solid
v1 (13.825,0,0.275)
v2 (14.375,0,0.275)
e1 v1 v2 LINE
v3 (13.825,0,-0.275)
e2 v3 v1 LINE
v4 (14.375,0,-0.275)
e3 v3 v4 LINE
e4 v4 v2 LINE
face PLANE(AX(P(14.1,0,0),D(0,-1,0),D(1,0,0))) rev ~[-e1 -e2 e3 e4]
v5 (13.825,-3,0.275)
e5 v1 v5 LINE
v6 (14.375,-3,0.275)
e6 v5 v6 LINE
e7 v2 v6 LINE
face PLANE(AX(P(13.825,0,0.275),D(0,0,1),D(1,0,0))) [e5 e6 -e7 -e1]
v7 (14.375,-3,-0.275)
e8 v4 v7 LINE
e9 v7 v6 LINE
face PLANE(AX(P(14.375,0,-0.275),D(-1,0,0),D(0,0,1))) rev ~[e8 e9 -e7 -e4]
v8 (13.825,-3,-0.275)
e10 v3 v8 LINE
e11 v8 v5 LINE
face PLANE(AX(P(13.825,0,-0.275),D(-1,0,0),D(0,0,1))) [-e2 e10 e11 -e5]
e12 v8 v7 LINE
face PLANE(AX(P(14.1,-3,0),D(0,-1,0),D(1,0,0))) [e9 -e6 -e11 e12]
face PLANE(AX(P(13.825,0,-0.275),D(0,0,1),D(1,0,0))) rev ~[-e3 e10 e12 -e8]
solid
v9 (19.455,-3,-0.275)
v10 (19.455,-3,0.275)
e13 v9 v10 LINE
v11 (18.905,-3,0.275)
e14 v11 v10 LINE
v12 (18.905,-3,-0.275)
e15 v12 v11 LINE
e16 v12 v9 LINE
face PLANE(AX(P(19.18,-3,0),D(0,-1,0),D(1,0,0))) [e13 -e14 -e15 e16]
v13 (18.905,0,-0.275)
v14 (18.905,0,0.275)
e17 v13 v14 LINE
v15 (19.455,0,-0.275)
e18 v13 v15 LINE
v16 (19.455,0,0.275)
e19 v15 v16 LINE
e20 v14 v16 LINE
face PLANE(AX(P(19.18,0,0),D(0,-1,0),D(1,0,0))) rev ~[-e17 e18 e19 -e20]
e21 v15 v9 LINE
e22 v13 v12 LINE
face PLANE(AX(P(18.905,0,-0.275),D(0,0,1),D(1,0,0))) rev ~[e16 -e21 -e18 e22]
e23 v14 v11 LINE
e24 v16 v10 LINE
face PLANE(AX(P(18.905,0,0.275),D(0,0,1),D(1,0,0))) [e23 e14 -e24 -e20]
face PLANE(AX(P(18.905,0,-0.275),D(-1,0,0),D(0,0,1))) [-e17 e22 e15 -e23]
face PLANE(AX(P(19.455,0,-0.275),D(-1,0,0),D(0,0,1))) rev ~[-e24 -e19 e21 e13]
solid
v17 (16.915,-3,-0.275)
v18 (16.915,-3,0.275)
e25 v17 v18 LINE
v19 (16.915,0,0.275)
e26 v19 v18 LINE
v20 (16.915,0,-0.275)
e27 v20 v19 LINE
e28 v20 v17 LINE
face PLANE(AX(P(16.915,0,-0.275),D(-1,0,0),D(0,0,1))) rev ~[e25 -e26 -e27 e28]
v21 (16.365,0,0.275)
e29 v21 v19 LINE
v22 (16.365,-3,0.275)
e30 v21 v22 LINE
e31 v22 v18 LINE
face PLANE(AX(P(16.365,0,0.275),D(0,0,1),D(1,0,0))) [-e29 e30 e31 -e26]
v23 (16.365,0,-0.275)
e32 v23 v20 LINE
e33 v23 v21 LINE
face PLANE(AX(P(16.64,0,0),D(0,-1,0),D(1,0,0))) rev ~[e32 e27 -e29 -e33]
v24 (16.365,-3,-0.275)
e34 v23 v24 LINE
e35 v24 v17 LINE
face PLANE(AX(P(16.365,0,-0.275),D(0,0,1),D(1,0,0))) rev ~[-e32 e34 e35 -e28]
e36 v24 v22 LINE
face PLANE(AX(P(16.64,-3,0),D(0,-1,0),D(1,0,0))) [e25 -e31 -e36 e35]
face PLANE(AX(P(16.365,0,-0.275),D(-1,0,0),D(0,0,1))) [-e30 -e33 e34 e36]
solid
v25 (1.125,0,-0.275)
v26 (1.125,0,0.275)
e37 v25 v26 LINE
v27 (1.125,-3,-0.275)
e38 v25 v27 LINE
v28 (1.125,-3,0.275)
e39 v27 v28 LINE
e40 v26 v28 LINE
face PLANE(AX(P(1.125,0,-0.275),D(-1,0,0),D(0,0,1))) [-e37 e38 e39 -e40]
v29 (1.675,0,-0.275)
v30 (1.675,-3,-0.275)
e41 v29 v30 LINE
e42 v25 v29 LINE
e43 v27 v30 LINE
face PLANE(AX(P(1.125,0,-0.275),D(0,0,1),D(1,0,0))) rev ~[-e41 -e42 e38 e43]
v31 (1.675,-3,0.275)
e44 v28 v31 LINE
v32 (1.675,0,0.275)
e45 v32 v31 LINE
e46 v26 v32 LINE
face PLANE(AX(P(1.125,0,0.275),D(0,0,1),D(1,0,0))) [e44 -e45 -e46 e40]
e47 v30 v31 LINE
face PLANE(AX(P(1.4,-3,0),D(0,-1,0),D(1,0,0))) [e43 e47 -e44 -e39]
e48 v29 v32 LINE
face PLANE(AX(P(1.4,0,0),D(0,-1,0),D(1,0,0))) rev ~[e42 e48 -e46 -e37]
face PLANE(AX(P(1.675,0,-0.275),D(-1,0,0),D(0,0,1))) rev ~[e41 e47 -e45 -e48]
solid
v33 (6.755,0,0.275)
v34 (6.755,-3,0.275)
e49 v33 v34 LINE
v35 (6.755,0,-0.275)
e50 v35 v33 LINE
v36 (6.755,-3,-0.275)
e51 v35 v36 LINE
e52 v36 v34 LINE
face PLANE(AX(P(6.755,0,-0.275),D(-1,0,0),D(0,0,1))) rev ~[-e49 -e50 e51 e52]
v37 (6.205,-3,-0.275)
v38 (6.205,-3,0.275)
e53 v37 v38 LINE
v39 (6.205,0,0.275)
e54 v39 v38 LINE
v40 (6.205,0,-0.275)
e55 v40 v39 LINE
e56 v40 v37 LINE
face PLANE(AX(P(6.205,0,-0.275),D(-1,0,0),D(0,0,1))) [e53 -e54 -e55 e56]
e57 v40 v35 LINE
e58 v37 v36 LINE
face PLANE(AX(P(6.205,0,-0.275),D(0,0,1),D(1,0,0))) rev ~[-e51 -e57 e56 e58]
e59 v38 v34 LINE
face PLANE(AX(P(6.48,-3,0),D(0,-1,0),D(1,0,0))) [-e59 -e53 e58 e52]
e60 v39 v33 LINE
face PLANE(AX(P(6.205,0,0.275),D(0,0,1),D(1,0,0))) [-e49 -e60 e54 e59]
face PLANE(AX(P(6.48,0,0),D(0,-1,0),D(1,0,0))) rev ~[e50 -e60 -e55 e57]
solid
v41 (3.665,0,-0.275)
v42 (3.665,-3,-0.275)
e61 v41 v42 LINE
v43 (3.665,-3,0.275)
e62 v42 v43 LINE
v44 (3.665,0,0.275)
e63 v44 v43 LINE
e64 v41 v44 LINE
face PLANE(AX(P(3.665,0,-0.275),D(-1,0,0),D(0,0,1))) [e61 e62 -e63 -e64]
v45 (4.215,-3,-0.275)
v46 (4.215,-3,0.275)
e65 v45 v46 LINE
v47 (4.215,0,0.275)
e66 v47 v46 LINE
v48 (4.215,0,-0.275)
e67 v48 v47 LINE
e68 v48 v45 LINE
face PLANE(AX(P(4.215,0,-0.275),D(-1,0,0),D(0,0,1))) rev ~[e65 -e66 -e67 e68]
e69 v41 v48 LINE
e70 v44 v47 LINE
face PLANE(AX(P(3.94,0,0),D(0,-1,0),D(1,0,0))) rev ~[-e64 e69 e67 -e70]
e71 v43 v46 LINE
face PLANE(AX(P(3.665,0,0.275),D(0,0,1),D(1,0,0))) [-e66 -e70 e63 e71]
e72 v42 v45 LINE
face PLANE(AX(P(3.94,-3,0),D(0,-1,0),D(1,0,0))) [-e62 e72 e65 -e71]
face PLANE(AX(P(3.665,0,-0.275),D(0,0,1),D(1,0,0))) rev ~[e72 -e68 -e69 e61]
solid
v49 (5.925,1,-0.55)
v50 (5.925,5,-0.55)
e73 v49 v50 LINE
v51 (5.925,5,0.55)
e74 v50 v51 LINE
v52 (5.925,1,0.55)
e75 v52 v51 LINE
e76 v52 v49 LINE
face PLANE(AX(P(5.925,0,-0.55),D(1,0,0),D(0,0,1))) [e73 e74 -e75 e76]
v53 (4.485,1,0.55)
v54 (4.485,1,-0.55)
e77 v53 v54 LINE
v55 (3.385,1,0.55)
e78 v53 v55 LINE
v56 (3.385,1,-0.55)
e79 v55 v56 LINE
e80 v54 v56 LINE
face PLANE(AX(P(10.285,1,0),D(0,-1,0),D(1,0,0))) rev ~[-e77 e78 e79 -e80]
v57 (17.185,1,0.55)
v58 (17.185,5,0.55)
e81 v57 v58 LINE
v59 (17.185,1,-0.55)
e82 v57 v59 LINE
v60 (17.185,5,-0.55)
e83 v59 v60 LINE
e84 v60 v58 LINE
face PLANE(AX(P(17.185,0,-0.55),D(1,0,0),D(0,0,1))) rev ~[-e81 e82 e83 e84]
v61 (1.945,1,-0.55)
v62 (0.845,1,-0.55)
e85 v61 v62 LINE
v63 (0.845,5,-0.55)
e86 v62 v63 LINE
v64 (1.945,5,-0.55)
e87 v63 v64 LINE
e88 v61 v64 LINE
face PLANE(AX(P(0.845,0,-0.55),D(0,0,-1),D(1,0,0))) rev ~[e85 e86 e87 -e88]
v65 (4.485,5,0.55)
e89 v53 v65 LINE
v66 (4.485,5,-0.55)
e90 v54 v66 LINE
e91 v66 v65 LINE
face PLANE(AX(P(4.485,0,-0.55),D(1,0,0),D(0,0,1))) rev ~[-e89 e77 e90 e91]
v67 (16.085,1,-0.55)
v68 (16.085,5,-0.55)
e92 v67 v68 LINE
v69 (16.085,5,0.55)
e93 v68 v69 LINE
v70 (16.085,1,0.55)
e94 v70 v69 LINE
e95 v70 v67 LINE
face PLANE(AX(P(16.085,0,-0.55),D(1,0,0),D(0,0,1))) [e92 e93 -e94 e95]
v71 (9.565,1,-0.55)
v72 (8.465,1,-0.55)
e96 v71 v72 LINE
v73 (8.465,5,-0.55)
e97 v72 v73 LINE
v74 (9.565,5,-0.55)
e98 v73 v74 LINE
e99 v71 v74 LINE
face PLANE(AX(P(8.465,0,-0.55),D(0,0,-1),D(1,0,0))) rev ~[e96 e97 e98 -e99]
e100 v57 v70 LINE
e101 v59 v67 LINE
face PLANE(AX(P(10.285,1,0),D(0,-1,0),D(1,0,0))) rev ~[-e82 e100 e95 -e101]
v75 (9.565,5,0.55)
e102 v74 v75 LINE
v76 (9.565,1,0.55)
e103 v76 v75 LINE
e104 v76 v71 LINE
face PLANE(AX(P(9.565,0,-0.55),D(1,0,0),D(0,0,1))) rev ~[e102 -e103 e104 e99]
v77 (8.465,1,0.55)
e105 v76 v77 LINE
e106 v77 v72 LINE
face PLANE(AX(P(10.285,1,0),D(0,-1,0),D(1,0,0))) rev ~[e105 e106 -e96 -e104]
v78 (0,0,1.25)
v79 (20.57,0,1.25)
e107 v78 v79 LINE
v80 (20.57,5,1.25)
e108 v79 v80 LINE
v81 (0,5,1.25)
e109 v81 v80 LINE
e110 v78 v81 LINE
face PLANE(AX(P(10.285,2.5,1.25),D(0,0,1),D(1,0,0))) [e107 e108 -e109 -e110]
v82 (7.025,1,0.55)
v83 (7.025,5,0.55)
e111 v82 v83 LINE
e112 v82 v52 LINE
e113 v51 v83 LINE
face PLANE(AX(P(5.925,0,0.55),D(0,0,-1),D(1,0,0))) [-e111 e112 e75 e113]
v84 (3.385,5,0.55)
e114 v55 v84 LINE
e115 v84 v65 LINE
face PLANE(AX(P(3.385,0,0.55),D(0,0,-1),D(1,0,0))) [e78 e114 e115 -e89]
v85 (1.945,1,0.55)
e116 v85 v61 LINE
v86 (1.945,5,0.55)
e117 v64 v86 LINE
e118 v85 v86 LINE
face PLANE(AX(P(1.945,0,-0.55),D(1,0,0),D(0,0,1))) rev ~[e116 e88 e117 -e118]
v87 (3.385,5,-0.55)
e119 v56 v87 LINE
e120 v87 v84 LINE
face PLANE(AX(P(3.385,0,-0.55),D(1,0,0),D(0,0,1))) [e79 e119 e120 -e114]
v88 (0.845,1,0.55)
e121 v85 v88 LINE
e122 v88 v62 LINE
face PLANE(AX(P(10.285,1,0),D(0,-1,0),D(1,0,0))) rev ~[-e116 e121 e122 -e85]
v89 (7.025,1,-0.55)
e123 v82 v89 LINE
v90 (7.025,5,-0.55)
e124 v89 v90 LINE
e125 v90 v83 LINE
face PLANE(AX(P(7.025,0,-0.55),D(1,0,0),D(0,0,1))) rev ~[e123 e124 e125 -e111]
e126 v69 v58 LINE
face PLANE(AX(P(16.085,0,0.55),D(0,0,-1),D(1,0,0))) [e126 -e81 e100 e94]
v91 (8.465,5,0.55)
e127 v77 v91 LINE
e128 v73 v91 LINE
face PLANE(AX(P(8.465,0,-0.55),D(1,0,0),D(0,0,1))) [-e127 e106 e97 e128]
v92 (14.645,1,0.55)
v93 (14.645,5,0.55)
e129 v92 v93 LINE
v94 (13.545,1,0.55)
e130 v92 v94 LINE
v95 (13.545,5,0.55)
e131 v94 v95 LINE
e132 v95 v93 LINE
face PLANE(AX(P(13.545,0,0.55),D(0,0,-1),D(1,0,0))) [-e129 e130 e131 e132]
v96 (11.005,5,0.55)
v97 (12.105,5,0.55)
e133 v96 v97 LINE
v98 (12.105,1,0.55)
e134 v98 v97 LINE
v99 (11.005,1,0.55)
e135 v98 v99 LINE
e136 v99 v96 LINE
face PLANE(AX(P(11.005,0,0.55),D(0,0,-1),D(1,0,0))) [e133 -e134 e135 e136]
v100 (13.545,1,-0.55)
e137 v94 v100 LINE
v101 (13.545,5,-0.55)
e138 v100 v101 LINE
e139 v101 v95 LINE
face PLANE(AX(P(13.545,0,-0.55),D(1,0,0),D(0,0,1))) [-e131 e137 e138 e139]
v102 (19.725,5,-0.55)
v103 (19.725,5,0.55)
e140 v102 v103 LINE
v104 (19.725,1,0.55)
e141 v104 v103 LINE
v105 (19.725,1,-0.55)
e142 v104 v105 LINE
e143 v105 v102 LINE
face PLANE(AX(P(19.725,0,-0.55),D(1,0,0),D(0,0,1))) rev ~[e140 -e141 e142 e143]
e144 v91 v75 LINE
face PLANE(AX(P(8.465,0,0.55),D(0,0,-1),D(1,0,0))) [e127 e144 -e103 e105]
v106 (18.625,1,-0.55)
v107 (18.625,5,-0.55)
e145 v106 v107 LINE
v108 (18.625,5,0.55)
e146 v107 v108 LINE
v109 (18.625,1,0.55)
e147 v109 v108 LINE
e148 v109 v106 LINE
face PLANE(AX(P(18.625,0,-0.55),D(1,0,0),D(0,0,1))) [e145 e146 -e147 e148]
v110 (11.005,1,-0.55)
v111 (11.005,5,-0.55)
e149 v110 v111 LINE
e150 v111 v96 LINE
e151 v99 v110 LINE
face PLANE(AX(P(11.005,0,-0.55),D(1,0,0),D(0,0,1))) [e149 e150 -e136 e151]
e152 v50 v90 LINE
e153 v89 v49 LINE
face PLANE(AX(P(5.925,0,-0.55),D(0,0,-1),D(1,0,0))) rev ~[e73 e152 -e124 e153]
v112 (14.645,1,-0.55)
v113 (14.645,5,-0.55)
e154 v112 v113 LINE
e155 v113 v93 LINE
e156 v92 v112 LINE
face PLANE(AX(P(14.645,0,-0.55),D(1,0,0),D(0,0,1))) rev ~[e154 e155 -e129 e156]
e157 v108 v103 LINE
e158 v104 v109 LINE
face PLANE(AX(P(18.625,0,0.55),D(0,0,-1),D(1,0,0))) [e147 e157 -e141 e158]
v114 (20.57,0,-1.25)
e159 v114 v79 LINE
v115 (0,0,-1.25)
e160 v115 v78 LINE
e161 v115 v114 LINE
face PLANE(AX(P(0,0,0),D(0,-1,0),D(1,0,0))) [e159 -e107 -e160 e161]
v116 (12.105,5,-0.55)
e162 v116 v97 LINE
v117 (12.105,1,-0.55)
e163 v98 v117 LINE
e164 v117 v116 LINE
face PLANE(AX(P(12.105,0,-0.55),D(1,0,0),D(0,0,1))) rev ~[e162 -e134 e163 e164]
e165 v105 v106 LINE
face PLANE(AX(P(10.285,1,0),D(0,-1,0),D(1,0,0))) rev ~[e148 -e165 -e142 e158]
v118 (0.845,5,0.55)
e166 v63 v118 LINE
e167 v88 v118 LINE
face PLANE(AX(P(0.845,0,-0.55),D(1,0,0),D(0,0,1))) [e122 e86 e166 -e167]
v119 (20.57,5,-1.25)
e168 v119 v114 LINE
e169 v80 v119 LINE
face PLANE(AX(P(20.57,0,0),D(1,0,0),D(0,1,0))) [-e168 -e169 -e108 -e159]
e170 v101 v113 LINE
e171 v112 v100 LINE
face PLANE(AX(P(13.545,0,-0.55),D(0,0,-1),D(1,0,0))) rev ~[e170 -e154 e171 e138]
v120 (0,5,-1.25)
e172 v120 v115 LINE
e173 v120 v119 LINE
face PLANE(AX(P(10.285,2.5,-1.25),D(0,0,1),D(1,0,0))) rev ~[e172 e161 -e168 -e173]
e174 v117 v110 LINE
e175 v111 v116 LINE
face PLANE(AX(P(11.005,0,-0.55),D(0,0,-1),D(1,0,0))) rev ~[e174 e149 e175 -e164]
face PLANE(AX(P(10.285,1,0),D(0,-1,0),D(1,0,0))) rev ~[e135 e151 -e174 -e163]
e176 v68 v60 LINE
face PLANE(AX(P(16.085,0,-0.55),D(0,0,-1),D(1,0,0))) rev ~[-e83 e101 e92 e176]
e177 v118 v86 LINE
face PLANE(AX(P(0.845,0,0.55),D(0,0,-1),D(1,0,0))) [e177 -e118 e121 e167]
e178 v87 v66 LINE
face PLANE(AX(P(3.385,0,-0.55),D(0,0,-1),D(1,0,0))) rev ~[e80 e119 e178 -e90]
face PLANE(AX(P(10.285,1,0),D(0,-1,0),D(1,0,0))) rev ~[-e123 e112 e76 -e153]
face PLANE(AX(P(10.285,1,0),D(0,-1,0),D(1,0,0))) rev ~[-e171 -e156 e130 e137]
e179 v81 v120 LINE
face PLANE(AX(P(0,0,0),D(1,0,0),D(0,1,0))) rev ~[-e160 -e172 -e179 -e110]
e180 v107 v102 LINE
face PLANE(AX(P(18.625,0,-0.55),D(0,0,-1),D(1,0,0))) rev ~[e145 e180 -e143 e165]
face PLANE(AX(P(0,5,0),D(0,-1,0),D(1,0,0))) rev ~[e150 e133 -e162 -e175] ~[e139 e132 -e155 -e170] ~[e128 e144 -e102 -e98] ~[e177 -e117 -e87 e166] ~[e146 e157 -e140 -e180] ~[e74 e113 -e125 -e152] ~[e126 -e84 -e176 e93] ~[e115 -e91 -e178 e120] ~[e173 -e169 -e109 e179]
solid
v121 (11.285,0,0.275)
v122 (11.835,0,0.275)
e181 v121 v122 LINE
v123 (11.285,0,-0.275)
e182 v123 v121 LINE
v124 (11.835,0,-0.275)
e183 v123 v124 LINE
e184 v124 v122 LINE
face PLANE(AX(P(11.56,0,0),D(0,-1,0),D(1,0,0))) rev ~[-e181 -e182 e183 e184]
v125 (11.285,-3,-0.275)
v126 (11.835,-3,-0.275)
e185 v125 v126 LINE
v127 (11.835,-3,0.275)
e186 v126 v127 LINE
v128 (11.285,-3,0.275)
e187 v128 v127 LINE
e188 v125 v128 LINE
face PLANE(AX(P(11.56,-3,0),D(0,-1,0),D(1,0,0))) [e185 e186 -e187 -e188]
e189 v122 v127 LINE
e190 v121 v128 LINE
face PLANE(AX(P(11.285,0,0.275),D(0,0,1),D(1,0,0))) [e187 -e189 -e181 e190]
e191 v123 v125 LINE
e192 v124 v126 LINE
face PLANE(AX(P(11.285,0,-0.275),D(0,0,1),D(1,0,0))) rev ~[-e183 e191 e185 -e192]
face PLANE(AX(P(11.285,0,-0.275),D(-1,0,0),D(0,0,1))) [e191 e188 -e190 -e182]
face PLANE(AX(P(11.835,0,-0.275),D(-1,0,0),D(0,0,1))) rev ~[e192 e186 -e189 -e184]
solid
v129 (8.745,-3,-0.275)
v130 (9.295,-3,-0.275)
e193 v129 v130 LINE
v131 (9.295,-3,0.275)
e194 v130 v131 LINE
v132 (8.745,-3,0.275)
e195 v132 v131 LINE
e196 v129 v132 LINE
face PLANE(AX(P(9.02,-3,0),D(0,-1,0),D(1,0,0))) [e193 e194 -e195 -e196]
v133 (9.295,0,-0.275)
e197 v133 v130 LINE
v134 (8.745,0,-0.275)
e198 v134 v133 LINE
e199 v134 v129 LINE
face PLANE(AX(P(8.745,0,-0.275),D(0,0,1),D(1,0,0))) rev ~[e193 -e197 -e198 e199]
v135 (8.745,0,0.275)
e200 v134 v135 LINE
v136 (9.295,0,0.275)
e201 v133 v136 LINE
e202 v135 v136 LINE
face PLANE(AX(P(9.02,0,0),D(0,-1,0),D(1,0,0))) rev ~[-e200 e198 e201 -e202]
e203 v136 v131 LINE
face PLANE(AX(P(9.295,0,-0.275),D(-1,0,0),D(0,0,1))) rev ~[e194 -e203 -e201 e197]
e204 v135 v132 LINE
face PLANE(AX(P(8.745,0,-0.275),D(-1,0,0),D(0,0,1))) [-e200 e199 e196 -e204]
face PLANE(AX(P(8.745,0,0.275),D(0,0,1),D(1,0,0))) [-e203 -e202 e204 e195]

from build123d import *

# Parameters (mm, degrees)
SKETCH1_W             = 20.57
SKETCH1_H             = 5
BOSS_EXTRUDE1_DEPTH   = 1.25
SKETCH2_W             = 1.1
SKETCH2_H             = 1.1
CUT_EXTRUDE1_DEPTH    = 6
SKETCH3_W             = 20.57
SKETCH3_H             = 2.5
BOSS_EXTRUDE2_DEPTH   = 1
SKETCH4_W             = 0.55
SKETCH4_H             = 0.55
BOSS_EXTRUDE3_DEPTH   = 3
BOSS_EXTRUDE3_2_DEPTH = 3
BOSS_EXTRUDE3_3_DEPTH = 3
BOSS_EXTRUDE3_4_DEPTH = 3
BOSS_EXTRUDE3_5_DEPTH = 3
BOSS_EXTRUDE3_6_DEPTH = 3
BOSS_EXTRUDE3_7_DEPTH = 3
BOSS_EXTRUDE3_8_DEPTH = 3


with BuildPart() as part:
    # Sketch1 → Boss-Extrude1 (new body, symmetric)
    with BuildSketch(Plane.XY):
        with Locations((10.285, 2.5)):
            Rectangle(SKETCH1_W, SKETCH1_H)
    extrude(amount=BOSS_EXTRUDE1_DEPTH, both=True)

    # Sketch2 → Cut-Extrude1 (cut, through all)
    with BuildSketch(Plane.XZ):
        with Locations((3.935, 0)):
            Rectangle(SKETCH2_W, SKETCH2_H)
        with Locations((1.395, 0)):
            Rectangle(SKETCH2_W, SKETCH2_H)
        with Locations((6.475, 0)):
            Rectangle(SKETCH2_W, SKETCH2_H)
        with Locations((9.015, 0)):
            Rectangle(SKETCH2_W, SKETCH2_H)
        with Locations((11.555, 0)):
            Rectangle(SKETCH2_W, SKETCH2_H)
        with Locations((14.095, 0)):
            Rectangle(SKETCH2_W, SKETCH2_H)
        with Locations((16.635, 0)):
            Rectangle(SKETCH2_W, SKETCH2_H)
        with Locations((19.175, 0)):
            Rectangle(SKETCH2_W, SKETCH2_H)
    extrude(amount=-CUT_EXTRUDE1_DEPTH, mode=Mode.SUBTRACT)

    # Sketch3 → Boss-Extrude2 (add)
    with BuildSketch(Plane.XZ):
        with Locations((10.285, 0)):
            Rectangle(SKETCH3_W, SKETCH3_H)
    extrude(amount=-BOSS_EXTRUDE2_DEPTH)


with BuildPart() as body_2:
    # Sketch4 → Boss-Extrude3 (new body)
    with BuildSketch(Plane.XZ):
        with Locations((1.4, 0)):
            Rectangle(SKETCH4_W, SKETCH4_H)
    extrude(amount=BOSS_EXTRUDE3_DEPTH)


with BuildPart() as body_3:
    # Sketch4 → Boss-Extrude3 2 (new body)
    with BuildSketch(Plane.XZ):
        with Locations((3.94, 0)):
            Rectangle(SKETCH4_W, SKETCH4_H)
    extrude(amount=BOSS_EXTRUDE3_2_DEPTH)


with BuildPart() as body_4:
    # Sketch4 → Boss-Extrude3 3 (new body)
    with BuildSketch(Plane.XZ):
        with Locations((6.48, 0)):
            Rectangle(SKETCH4_W, SKETCH4_H)
    extrude(amount=BOSS_EXTRUDE3_3_DEPTH)


with BuildPart() as body_5:
    # Sketch4 → Boss-Extrude3 4 (new body)
    with BuildSketch(Plane.XZ):
        with Locations((9.02, 0)):
            Rectangle(SKETCH4_W, SKETCH4_H)
    extrude(amount=BOSS_EXTRUDE3_4_DEPTH)


with BuildPart() as body_6:
    # Sketch4 → Boss-Extrude3 5 (new body)
    with BuildSketch(Plane.XZ):
        with Locations((11.56, 0)):
            Rectangle(SKETCH4_W, SKETCH4_H)
    extrude(amount=BOSS_EXTRUDE3_5_DEPTH)


with BuildPart() as body_7:
    # Sketch4 → Boss-Extrude3 6 (new body)
    with BuildSketch(Plane.XZ):
        with Locations((14.1, 0)):
            Rectangle(SKETCH4_W, SKETCH4_H)
    extrude(amount=BOSS_EXTRUDE3_6_DEPTH)


with BuildPart() as body_8:
    # Sketch4 → Boss-Extrude3 7 (new body)
    with BuildSketch(Plane.XZ):
        with Locations((16.64, 0)):
            Rectangle(SKETCH4_W, SKETCH4_H)
    extrude(amount=BOSS_EXTRUDE3_7_DEPTH)


with BuildPart() as body_9:
    # Sketch4 → Boss-Extrude3 8 (new body)
    with BuildSketch(Plane.XZ):
        with Locations((19.18, 0)):
            Rectangle(SKETCH4_W, SKETCH4_H)
    extrude(amount=BOSS_EXTRUDE3_8_DEPTH)


solid = Compound([part.part, body_2.part, body_3.part, body_4.part, body_5.part, body_6.part, body_7.part, body_8.part, body_9.part])
